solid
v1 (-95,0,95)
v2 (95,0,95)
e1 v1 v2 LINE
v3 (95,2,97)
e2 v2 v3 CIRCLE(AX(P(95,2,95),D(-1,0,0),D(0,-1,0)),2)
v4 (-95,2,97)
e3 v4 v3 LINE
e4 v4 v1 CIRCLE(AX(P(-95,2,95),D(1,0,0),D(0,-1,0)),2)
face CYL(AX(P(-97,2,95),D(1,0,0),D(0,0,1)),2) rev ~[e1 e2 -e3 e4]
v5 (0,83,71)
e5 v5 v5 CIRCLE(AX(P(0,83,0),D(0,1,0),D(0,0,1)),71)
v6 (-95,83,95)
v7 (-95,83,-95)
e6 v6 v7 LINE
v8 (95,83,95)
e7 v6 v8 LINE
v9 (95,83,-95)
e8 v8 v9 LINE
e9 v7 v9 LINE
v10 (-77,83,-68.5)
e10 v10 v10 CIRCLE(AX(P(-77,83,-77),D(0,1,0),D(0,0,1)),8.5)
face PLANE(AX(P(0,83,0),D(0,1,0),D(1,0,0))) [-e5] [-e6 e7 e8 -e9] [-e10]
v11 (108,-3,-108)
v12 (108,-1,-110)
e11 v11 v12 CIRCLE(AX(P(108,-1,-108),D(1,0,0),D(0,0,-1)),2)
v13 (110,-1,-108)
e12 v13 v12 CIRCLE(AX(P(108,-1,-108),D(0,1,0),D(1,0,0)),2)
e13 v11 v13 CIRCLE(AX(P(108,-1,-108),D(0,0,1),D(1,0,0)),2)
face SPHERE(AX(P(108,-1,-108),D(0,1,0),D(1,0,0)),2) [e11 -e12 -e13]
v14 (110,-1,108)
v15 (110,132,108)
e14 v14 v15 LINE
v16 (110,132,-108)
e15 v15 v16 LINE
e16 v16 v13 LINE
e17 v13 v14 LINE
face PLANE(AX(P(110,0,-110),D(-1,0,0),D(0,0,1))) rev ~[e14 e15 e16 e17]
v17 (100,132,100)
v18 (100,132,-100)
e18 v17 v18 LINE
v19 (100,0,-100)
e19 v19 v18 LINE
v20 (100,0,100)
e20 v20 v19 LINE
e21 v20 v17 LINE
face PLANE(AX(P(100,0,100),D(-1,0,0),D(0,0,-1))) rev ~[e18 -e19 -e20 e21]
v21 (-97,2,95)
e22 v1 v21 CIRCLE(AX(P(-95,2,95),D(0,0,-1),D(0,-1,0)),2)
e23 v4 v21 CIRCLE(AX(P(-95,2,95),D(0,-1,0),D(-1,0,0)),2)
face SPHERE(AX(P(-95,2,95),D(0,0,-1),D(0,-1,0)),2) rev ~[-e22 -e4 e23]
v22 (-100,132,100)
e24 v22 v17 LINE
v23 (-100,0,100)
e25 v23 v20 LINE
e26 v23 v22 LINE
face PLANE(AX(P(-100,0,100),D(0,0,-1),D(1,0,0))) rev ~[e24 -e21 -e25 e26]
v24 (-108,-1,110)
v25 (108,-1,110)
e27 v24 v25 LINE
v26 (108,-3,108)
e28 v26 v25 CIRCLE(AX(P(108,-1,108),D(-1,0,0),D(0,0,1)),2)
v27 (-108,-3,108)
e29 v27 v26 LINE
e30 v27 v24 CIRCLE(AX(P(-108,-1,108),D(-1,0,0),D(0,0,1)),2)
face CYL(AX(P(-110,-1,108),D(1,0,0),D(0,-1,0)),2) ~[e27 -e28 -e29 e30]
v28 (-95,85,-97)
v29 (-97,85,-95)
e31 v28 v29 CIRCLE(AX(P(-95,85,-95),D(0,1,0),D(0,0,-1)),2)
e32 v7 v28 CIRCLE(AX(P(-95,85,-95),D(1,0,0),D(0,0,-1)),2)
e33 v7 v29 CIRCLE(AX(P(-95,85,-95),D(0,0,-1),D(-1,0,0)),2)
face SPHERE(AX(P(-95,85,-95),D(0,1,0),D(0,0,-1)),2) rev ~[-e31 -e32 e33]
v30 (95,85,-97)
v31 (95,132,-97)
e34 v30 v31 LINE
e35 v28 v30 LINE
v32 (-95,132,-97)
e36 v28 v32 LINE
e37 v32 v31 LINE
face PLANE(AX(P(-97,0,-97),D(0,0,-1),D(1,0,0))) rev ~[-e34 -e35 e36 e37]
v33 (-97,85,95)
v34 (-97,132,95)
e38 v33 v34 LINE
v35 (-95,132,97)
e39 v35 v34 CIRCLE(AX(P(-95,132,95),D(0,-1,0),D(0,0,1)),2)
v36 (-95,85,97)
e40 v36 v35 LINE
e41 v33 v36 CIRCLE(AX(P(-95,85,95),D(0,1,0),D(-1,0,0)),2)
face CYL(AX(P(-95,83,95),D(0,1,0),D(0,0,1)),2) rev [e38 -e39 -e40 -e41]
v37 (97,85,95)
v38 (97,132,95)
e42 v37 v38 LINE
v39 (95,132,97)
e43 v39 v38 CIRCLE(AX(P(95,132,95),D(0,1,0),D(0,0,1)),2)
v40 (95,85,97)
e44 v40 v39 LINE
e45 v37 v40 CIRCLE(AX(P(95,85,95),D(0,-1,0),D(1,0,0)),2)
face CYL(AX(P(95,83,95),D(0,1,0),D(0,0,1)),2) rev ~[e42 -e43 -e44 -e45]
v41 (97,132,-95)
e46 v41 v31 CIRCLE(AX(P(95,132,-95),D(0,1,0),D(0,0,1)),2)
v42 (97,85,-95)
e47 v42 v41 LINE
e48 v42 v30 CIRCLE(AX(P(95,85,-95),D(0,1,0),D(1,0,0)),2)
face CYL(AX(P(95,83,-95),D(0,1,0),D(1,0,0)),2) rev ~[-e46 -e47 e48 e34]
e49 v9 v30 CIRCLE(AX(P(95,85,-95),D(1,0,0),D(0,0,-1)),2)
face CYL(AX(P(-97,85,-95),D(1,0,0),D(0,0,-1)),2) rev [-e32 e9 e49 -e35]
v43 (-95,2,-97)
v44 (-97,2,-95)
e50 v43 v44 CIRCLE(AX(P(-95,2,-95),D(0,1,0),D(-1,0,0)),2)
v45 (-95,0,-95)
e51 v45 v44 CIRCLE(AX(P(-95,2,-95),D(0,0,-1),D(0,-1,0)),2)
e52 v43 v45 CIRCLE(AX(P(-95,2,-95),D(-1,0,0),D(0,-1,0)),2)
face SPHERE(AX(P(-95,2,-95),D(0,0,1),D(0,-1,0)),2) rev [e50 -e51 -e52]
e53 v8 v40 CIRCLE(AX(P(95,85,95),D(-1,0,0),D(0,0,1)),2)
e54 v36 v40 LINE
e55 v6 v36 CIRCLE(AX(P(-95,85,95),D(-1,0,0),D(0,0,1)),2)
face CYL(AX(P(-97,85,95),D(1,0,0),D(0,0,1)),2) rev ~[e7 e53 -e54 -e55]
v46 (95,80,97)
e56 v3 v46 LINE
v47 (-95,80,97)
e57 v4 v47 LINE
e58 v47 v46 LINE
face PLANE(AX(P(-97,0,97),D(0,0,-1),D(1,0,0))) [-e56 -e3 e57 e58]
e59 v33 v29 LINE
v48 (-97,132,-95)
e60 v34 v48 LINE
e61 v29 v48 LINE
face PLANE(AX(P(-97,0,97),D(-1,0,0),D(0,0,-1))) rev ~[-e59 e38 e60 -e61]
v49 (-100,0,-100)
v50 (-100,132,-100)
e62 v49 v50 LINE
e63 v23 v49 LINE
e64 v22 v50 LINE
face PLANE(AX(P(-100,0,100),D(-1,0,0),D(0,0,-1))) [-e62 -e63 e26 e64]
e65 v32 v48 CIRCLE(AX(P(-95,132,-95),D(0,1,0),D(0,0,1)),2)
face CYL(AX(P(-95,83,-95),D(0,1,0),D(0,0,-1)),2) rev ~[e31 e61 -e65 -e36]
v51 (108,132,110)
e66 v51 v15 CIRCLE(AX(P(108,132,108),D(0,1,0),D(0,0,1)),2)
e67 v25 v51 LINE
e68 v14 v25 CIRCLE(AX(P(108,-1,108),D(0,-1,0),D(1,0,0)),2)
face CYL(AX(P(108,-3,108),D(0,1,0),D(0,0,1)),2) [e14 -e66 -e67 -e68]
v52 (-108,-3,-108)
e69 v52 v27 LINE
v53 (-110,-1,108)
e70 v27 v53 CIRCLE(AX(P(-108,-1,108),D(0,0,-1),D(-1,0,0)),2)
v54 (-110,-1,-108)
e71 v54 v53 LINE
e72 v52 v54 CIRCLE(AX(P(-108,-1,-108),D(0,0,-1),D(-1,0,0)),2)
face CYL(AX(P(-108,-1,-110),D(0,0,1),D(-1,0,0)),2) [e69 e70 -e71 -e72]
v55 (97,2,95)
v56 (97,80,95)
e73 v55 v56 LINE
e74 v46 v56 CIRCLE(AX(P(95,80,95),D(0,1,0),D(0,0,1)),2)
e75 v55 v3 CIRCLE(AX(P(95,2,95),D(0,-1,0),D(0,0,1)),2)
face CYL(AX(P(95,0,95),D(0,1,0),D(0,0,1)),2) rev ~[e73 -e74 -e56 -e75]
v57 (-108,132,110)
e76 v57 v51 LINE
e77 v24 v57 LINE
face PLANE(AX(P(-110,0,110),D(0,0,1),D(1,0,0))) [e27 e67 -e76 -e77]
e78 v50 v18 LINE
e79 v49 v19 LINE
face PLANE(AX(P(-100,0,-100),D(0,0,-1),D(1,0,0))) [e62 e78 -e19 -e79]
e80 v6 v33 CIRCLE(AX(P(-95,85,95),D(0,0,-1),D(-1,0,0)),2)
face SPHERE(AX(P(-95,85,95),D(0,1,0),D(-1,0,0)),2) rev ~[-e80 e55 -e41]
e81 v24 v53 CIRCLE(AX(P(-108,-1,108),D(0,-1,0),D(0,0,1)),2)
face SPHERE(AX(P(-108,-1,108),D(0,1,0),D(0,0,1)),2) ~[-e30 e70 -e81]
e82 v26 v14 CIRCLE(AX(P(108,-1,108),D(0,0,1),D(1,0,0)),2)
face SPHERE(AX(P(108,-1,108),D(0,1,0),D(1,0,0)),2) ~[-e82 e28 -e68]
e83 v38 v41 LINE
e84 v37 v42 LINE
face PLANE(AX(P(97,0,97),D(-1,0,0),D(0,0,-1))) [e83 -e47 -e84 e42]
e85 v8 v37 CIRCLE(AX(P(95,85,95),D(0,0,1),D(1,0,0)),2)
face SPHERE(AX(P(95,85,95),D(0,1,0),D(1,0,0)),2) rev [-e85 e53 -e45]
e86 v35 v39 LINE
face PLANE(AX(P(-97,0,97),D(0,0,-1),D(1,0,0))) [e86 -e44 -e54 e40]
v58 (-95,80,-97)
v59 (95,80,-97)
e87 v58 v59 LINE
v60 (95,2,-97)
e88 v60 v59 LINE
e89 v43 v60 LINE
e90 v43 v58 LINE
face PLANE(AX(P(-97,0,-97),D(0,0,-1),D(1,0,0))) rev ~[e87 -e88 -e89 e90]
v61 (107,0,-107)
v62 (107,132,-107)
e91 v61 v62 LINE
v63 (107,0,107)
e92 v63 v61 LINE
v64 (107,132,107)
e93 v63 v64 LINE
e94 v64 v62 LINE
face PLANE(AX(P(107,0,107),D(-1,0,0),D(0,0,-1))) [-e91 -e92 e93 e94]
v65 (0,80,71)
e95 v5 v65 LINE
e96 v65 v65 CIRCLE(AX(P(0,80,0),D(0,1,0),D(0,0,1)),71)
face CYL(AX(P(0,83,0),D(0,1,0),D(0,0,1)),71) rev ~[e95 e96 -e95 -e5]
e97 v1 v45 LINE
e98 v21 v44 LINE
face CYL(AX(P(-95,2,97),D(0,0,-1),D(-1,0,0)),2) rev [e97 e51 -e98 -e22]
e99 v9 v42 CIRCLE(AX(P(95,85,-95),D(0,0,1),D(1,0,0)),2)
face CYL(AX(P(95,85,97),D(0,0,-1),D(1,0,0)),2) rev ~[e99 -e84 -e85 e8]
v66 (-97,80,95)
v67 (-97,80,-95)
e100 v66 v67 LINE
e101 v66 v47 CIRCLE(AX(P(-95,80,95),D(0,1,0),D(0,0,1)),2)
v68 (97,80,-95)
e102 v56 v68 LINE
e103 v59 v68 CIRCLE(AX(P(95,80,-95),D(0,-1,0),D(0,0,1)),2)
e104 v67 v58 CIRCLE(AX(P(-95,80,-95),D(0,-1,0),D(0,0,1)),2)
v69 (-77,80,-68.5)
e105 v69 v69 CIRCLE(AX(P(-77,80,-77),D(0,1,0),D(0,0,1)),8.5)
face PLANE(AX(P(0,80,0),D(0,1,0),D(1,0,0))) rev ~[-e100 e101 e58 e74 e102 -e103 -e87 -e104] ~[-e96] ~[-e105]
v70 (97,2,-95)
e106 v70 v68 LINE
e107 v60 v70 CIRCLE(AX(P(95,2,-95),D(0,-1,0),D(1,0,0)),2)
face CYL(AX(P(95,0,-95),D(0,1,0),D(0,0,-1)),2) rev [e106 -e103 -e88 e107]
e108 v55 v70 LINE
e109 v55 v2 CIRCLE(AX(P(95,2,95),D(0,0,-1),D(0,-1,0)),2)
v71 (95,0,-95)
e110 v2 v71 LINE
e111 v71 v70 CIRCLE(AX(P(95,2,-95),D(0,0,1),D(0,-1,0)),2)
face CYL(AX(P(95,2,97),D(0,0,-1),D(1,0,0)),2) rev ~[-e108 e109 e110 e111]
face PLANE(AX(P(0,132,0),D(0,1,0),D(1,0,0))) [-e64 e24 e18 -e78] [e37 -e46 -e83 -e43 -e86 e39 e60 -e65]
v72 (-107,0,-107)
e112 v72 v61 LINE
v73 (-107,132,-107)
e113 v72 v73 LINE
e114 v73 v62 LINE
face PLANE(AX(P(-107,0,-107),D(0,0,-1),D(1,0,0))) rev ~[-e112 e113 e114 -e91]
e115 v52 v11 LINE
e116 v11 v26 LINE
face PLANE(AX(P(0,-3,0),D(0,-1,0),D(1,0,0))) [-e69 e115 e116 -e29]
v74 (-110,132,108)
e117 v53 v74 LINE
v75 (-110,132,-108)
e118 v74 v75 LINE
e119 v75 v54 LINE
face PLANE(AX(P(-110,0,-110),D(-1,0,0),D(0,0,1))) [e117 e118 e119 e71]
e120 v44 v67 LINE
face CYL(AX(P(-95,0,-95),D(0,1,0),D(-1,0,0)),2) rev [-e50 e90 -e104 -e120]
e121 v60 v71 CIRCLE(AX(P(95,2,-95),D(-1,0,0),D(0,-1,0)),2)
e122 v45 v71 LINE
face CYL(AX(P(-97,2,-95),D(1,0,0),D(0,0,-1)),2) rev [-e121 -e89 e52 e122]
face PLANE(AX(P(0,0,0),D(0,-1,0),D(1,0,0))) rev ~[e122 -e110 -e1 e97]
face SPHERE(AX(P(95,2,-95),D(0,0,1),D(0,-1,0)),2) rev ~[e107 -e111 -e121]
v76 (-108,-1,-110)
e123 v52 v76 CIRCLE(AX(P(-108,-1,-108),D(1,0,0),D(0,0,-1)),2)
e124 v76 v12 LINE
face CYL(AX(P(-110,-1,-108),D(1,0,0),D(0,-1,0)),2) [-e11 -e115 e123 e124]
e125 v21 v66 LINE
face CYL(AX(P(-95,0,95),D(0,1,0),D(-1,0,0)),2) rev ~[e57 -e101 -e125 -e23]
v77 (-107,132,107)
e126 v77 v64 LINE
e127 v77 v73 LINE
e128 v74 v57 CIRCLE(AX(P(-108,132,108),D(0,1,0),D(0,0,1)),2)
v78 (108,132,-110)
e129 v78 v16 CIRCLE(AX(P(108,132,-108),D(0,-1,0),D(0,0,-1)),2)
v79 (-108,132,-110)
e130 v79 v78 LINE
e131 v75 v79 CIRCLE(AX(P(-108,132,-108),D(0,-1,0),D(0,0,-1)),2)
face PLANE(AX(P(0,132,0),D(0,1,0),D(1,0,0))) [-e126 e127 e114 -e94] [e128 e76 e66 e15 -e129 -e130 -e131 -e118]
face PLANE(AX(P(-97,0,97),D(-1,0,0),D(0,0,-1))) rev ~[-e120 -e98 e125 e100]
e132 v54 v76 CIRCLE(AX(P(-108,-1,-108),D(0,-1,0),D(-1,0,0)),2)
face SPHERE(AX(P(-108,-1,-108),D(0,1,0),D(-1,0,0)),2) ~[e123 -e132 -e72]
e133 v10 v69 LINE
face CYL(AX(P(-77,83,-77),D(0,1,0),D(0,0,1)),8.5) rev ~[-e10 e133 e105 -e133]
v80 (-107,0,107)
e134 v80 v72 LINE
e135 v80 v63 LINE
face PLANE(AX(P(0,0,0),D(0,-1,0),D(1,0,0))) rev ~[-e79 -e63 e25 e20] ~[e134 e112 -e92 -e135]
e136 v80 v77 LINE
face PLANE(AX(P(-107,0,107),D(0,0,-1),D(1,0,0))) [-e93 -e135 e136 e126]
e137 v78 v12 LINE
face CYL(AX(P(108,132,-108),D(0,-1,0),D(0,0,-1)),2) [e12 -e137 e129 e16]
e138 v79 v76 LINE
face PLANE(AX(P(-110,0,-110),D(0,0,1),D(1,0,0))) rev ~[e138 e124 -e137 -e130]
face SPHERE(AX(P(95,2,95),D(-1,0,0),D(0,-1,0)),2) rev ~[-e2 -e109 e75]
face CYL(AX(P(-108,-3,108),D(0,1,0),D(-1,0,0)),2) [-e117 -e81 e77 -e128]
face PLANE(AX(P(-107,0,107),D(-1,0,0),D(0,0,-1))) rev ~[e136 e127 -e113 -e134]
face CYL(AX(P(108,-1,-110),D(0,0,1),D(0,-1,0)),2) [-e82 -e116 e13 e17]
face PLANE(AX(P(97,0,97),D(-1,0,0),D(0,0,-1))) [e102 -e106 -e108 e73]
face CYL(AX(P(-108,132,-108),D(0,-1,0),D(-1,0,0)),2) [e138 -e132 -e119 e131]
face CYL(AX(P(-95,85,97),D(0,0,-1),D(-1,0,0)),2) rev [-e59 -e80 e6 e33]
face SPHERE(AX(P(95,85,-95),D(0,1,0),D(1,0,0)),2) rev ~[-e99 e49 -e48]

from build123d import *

# Parameters (mm, degrees)
SKETCH1_W             = 200
SKETCH1_H             = 200
SKETCH1_W_2           = 194
SKETCH1_H_2           = 194
BOSS_EXTRUDE1_DEPTH   = 132
SKETCH1_W_3           = 220
SKETCH1_H_3           = 220
SKETCH1_W_4           = 214
SKETCH1_H_4           = 214
BOSS_EXTRUDE1_2_DEPTH = 132
SKETCH3_W             = 220
SKETCH3_H             = 220
BOSS_EXTRUDE3_DEPTH   = 3
SKETCH4_W             = 194
SKETCH4_H             = 194
BOSS_EXTRUDE4_DEPTH   = 3
SKETCH5_R             = 71
CUT_EXTRUDE1_DEPTH    = 3
SKETCH7_R             = 8.5
CUT_EXTRUDE3_DEPTH    = 3
FILLET1_R             = 2


with BuildPart() as part:
    # Sketch1 → Boss-Extrude1 (new body)
    with BuildSketch(Plane(origin=(0, 0, 0), x_dir=(1, 0, 0), z_dir=(0, 1, 0))):
        Rectangle(SKETCH1_W, SKETCH1_H)
        Rectangle(SKETCH1_W_2, SKETCH1_H_2, mode=Mode.SUBTRACT)
    extrude(amount=BOSS_EXTRUDE1_DEPTH)



with BuildPart() as body_2:
    # Sketch1 → Boss-Extrude1 2 (new body)
    with BuildSketch(Plane(origin=(0, 0, 0), x_dir=(1, 0, 0), z_dir=(0, 1, 0))):
        Rectangle(SKETCH1_W_3, SKETCH1_H_3)
        Rectangle(SKETCH1_W_4, SKETCH1_H_4, mode=Mode.SUBTRACT)
    extrude(amount=BOSS_EXTRUDE1_2_DEPTH)


with BuildPart() as part_1:
    add(part.part)

    add(body_2.part)  # Boss-Extrude3 merges body 2
    # Sketch3 → Boss-Extrude3 (add)
    with BuildSketch(Plane.XZ):
        Rectangle(SKETCH3_W, SKETCH3_H)
    extrude(amount=BOSS_EXTRUDE3_DEPTH)

    # Sketch4 → Boss-Extrude4 (add)
    with BuildSketch(Plane(origin=(0, 80, 0), x_dir=(1, 0, 0), z_dir=(0, 1, 0))):
        Rectangle(SKETCH4_W, SKETCH4_H)
    extrude(amount=BOSS_EXTRUDE4_DEPTH)

    # Sketch5 → Cut-Extrude1 (cut)
    with BuildSketch(Plane(origin=(0, 83, 0), x_dir=(1, 0, 0), z_dir=(0, 1, 0))):
        with Locations(Location((0, 0, 0), (0, 0, 270))):
            Circle(SKETCH5_R)
    extrude(amount=-CUT_EXTRUDE1_DEPTH, mode=Mode.SUBTRACT)

    # Sketch7 → Cut-Extrude3 (cut)
    with BuildSketch(Plane(origin=(0, 83, 0), x_dir=(1, 0, 0), z_dir=(0, 1, 0))):
        with Locations(Location((-77, 77, 0), (0, 0, 270))):
            Circle(SKETCH7_R)
    extrude(amount=-CUT_EXTRUDE3_DEPTH, mode=Mode.SUBTRACT)

    # Fillet1
    fillet1_edges = [part_1.edges().sort_by_distance(p)[0] for p in [
        (-97, 0, 0),
        (0, 0, 97),
        (97, 0, 0),
        (0, 0, -97),
        (-97, 107.5, -97),
        (-97, 107.5, 97),
        (97, 107.5, 97),
        (97, 107.5, -97),
        (110, 64.5, -110),
        (110, 64.5, 110),
        (-110, 64.5, 110),
        (-110, 64.5, -110),
        (110, -3, 0),
        (0, -3, 110),
        (-110, -3, 0),
        (0, -3, -110),
        (-97, 40, -97),
        (-97, 40, 97),
        (97, 40, 97),
        (97, 40, -97),
        (97, 83, 0),
        (0, 83, -97),
        (-97, 83, 0),
        (0, 83, 97),
    ]]
    fillet(fillet1_edges, radius=FILLET1_R)


solid = part_1.part
